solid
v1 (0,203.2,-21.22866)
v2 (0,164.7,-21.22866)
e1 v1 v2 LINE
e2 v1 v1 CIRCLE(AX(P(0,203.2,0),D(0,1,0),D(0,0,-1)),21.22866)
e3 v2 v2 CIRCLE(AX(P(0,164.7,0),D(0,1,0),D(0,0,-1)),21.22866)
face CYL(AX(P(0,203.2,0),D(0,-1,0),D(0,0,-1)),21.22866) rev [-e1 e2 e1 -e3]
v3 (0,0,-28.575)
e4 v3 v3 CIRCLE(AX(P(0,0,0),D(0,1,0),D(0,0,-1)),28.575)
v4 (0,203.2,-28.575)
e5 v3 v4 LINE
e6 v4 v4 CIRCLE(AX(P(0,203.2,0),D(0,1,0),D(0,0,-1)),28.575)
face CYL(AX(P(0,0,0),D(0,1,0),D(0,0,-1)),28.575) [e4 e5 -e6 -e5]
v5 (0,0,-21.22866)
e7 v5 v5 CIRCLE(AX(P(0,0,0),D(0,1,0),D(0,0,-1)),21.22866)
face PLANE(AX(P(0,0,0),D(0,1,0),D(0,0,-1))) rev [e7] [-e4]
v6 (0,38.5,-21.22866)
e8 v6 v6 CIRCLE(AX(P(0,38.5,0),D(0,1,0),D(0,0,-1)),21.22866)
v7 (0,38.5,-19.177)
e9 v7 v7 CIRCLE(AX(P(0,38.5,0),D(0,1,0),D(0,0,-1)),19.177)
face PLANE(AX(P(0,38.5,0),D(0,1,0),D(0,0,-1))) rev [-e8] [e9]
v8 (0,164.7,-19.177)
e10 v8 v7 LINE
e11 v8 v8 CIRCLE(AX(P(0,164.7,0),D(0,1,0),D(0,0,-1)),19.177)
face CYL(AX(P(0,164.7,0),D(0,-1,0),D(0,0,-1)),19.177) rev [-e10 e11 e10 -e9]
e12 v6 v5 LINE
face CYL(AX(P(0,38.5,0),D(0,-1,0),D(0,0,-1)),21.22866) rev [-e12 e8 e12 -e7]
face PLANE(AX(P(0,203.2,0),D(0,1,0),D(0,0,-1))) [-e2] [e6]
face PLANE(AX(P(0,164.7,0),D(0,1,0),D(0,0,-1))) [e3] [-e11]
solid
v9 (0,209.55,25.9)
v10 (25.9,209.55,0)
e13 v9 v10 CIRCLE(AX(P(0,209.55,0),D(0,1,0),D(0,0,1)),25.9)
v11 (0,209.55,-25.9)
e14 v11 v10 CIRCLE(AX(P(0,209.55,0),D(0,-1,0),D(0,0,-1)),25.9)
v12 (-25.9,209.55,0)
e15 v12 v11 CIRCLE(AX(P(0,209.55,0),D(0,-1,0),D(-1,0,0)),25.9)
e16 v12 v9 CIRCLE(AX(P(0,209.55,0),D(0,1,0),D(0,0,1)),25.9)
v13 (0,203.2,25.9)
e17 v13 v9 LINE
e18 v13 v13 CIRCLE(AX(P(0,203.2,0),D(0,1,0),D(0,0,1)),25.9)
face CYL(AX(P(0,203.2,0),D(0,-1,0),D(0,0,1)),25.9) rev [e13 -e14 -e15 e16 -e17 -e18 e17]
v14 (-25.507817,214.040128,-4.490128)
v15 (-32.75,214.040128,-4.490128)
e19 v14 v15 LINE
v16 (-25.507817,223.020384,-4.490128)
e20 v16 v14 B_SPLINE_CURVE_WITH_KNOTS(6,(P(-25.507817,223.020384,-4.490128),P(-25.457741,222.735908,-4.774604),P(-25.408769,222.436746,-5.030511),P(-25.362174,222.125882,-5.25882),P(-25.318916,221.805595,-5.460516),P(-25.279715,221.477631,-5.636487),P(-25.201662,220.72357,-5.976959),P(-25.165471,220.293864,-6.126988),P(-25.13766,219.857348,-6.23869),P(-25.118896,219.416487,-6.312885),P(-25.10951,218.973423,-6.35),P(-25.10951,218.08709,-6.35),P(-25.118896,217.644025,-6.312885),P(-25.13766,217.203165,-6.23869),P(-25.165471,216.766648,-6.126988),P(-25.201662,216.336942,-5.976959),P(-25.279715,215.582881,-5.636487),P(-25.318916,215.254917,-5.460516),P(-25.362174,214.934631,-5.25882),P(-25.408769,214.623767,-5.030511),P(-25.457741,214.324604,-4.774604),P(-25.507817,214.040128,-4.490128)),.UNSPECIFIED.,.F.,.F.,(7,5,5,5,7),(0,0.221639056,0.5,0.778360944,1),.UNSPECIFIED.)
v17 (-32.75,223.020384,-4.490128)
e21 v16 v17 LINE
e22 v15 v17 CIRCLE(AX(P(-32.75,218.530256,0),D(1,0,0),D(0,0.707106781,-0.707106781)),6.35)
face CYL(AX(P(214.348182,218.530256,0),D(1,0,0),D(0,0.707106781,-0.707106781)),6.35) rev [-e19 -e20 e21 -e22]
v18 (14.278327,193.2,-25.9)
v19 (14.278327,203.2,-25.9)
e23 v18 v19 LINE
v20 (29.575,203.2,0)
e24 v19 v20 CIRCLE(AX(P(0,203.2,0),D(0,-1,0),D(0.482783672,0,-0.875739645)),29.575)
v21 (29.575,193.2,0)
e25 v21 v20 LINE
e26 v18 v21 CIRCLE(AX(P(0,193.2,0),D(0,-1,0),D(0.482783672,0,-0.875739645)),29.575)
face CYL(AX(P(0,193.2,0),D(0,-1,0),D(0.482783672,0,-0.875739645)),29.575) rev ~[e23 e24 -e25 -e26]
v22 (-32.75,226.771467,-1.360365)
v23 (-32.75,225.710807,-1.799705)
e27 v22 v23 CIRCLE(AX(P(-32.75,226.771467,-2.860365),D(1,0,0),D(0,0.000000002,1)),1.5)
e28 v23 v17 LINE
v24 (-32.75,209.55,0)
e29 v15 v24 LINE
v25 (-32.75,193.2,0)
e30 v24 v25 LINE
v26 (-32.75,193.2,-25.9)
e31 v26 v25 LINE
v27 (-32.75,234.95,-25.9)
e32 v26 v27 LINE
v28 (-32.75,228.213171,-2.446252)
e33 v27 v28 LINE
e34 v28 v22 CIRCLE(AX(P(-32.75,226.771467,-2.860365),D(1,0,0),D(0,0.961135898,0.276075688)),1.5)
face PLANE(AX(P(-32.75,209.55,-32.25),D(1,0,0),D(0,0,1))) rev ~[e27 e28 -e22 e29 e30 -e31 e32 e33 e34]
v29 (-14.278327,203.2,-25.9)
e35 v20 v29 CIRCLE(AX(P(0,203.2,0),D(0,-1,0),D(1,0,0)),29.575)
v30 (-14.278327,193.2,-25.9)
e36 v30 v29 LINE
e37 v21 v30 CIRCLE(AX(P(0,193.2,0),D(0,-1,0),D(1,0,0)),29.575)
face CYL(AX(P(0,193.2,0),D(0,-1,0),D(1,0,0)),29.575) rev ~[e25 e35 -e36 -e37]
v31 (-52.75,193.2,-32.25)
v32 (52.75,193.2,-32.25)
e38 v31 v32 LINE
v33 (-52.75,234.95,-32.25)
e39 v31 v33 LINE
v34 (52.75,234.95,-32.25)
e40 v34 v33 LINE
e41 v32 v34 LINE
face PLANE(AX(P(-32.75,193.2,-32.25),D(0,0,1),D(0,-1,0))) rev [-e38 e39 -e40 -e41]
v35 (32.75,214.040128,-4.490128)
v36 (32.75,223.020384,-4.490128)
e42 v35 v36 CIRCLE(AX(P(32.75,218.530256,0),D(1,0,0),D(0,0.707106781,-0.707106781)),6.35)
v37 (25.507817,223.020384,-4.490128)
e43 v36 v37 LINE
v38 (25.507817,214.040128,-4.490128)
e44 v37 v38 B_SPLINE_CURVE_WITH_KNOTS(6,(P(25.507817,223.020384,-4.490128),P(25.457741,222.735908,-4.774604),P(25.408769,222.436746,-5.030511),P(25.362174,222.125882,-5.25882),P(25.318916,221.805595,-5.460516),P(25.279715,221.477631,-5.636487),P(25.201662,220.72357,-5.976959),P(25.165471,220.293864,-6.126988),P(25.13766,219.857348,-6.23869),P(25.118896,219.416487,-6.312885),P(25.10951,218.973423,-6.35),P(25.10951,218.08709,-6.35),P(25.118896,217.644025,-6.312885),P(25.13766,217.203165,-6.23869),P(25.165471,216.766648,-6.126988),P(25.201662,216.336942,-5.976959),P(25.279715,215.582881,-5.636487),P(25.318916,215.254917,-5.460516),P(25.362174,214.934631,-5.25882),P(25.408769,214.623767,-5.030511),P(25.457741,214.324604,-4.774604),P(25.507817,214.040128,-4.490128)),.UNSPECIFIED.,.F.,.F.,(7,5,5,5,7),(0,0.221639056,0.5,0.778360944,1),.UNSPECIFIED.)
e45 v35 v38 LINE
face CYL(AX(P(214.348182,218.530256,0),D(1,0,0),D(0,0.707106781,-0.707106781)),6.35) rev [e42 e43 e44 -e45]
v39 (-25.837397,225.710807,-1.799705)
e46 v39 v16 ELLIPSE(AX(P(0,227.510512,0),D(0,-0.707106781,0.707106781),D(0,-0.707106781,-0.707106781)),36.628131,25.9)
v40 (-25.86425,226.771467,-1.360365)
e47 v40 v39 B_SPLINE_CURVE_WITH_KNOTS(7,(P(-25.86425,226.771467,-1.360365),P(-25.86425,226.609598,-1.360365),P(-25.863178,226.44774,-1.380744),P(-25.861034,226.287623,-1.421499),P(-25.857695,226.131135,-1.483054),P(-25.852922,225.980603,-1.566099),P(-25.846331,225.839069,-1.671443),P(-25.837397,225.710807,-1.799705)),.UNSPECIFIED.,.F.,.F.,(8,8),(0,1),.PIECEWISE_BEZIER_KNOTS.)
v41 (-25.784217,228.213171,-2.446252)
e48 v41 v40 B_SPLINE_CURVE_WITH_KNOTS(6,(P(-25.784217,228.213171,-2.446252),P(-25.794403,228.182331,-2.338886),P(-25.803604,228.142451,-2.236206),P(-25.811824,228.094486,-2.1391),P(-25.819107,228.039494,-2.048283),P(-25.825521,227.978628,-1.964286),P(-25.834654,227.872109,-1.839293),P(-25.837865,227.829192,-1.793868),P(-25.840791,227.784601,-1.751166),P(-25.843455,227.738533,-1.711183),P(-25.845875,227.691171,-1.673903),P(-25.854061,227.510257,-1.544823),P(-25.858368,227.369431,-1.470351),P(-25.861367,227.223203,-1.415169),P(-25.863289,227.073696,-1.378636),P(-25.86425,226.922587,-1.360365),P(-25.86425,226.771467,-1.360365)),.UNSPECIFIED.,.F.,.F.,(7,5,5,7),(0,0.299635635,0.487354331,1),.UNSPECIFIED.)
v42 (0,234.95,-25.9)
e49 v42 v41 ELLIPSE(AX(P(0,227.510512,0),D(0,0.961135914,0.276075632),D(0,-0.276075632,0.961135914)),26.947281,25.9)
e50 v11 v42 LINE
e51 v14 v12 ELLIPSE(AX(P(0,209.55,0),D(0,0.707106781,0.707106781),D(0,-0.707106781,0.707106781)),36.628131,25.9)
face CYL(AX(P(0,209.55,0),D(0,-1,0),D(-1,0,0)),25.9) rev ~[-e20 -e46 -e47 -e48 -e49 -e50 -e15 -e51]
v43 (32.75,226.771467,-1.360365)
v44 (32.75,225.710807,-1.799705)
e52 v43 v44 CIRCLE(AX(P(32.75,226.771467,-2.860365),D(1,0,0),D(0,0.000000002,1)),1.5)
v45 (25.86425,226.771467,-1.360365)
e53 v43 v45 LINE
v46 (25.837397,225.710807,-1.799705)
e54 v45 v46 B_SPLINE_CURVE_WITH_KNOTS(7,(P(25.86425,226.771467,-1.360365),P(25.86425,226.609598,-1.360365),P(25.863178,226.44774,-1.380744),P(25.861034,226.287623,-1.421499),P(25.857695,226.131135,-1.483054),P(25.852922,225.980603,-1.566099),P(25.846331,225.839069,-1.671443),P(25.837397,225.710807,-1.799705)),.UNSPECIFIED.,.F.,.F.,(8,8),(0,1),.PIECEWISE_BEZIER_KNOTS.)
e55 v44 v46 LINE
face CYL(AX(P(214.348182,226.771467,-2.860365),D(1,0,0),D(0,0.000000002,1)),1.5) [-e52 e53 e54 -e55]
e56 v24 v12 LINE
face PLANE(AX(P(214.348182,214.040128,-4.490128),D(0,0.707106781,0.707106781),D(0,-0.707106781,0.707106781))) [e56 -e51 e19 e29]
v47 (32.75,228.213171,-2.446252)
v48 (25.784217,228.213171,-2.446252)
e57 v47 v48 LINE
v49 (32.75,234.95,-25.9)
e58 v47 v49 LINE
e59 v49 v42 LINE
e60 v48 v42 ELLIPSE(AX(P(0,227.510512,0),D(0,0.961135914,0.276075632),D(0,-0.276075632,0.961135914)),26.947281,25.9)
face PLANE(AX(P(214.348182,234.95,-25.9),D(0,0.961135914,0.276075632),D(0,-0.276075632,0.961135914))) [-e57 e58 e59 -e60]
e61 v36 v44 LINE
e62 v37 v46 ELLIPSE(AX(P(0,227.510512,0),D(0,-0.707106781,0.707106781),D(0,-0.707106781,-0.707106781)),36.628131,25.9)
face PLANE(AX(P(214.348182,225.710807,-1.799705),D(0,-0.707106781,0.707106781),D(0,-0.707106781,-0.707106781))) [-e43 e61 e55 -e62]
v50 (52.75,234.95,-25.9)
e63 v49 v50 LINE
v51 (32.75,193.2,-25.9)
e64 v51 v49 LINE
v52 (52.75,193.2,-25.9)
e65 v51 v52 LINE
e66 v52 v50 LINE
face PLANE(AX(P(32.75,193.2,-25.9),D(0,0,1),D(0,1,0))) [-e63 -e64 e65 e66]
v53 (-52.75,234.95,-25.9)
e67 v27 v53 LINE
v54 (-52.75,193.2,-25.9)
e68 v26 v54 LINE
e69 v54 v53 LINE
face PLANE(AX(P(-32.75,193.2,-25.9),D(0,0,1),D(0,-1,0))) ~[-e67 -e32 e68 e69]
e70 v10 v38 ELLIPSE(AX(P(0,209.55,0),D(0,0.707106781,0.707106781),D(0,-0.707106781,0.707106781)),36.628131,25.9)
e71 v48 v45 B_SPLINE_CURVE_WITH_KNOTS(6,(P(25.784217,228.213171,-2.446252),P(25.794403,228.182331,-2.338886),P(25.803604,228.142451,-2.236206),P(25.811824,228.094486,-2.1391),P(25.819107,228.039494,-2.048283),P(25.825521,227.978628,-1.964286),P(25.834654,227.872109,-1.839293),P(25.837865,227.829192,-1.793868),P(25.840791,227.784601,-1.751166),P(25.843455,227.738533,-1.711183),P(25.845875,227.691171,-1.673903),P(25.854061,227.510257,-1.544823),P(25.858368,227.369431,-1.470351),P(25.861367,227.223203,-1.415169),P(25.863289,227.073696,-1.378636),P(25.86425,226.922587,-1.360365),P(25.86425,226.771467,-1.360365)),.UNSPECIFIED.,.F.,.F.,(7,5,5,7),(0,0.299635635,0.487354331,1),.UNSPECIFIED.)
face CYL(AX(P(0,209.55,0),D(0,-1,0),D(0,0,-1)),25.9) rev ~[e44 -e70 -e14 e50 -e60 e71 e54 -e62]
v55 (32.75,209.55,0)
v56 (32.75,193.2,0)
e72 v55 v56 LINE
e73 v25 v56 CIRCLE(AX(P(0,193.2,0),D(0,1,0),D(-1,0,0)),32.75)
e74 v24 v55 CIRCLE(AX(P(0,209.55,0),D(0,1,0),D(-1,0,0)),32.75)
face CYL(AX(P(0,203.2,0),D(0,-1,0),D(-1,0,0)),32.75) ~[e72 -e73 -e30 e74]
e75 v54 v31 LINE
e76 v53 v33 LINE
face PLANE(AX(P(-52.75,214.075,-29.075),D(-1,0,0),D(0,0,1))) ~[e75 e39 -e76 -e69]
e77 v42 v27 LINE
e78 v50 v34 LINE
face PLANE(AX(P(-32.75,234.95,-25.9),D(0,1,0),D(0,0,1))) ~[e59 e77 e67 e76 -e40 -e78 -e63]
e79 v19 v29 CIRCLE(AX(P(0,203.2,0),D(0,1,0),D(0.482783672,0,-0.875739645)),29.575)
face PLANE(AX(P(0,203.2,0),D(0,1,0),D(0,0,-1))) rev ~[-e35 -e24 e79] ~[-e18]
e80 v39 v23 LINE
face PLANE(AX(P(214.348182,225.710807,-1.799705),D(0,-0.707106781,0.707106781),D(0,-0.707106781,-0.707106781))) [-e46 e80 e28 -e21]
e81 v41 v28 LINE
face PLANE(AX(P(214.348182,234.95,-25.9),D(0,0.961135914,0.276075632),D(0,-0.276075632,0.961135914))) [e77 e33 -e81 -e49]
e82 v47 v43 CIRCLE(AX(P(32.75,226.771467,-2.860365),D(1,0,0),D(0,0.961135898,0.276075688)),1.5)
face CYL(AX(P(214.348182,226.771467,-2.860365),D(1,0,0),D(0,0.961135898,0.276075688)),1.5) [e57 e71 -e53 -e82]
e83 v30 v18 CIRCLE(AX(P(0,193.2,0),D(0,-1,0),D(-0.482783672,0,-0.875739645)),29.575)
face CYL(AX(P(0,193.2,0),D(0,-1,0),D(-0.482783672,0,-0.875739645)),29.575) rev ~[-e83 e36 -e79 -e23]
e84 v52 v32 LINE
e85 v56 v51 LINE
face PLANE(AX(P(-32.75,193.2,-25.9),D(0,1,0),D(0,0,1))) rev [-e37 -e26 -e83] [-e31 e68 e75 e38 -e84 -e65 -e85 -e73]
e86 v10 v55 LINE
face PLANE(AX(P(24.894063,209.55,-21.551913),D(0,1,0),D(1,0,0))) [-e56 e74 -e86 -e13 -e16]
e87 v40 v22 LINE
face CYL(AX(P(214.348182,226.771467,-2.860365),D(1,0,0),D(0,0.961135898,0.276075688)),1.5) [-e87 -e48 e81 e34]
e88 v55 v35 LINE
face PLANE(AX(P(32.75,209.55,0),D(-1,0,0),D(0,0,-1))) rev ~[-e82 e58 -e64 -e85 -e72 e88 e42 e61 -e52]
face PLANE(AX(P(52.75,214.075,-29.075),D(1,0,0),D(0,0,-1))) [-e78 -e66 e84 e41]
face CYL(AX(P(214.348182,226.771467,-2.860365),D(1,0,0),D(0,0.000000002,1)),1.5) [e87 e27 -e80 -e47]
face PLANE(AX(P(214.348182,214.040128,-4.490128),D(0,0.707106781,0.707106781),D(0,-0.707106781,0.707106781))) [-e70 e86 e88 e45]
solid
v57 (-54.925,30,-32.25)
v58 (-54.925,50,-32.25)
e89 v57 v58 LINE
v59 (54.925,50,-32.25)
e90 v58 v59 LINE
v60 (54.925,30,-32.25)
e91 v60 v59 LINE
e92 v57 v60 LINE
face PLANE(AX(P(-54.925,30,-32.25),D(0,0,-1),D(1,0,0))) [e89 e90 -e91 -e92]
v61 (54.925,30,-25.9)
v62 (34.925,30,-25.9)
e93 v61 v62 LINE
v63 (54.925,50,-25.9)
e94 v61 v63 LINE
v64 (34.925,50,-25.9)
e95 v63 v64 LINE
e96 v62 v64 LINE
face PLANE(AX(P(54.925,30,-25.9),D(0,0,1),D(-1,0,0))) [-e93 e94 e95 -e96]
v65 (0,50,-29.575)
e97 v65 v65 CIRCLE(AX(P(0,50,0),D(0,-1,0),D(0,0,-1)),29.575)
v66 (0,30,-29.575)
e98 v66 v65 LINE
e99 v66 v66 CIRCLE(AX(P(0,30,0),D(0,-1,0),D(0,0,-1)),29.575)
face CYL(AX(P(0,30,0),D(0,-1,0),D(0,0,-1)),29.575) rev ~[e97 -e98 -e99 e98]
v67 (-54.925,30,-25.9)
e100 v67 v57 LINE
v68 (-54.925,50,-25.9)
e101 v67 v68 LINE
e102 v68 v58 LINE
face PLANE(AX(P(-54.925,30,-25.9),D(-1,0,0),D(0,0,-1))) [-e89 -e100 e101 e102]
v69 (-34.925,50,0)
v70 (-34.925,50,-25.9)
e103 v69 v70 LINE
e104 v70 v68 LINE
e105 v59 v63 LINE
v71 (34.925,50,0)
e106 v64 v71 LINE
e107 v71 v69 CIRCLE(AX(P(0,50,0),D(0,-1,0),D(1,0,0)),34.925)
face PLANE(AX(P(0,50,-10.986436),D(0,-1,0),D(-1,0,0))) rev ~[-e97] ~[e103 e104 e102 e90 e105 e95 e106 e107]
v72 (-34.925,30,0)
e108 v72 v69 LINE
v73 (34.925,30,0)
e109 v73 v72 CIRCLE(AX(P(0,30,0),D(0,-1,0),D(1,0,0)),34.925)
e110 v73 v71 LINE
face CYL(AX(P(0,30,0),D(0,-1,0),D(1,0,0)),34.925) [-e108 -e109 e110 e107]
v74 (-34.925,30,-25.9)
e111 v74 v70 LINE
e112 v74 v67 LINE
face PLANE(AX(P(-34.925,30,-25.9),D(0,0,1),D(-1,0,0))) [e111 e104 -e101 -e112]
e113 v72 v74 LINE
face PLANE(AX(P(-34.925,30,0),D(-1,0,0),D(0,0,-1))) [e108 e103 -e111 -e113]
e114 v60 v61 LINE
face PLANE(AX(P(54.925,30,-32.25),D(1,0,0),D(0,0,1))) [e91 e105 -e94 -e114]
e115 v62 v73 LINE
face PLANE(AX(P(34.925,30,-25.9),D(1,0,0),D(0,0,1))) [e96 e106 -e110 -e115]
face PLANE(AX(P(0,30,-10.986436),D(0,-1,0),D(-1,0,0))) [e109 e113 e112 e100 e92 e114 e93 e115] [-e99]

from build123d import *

# Parameters (mm, degrees)
BOSS_EXTRUDE1_DEPTH     = 10
SKETCH16_R              = 29.575
SKETCH16_R_2            = 25.9
BOSS_EXTRUDE2_DEPTH     = 6.35
BOSS_EXTRUDE3_DEPTH     = 25.4
CUT_EXTRUDE1_DEPTH      = 247.098181627
CUT_EXTRUDE1_DEPTH_BACK = 247.098181627
SKETCH19_W              = 6.35
SKETCH19_H              = 41.75
BOSS_EXTRUDE5_DEPTH     = 20
SKETCH20_R              = 29.575
BOSS_EXTRUDE6_DEPTH     = 20


with BuildPart() as part:
    # Sketch12 → Revolve1 (revolve)
    with BuildSketch(Plane.XY, mode=Mode.PRIVATE) as revolve1_sk:
        Polygon((-28.575, 0), (-28.575, 203.2), (-21.22866, 203.2), (-21.22866, 164.7), (-19.177, 164.7), (-19.177, 38.5), (-21.22866, 38.5), (-21.22866, 0), align=None)
    revolve(revolve1_sk.sketch.rotate(Axis((0, 0, 0), (0, 1, 0)), 270), axis=Axis((0, 0, 0), (0, 1, 0)))


with BuildPart() as body_2:
    # Sketch15 → Boss-Extrude1 (new body)
    with BuildSketch(Plane(origin=(0, 193.2, 0), x_dir=(1, 0, 0), z_dir=(0, 1, 0))):
        with BuildLine():
            Line((-32.75, 32.25), (-32.75, 25.9))
            Line((-32.75, 25.9), (-20.043764616, 25.9))
            ThreePointArc((-20.043764616, 25.9), (-13.258102036, 29.946372575), (-5.700877125, 32.25))
            Line((-5.700877125, 32.25), (-32.75, 32.25))
        make_face()
        with BuildLine():
            Line((-32.75, 25.9), (-32.75, 0))
            ThreePointArc((-32.75, 0), (-29.40234507, 14.424444683), (-20.043764616, 25.9))
            Line((-20.043764616, 25.9), (-32.75, 25.9))
        make_face()
        with BuildLine():
            Line((20.043764616, 25.9), (32.75, 25.9))
            Line((32.75, 25.9), (32.75, 32.25))
            Line((32.75, 32.25), (5.700877125, 32.25))
            ThreePointArc((5.700877125, 32.25), (13.258102036, 29.946372575), (20.043764616, 25.9))
        make_face()
        with BuildLine():
            ThreePointArc((20.043764616, 25.9), (29.40234507, 14.424444683), (32.75, 0))
            Line((32.75, 0), (32.75, 25.9))
            Line((32.75, 25.9), (20.043764616, 25.9))
        make_face()
        with BuildLine():
            ThreePointArc((-32.75, 0), (0, -32.75), (32.75, 0))
            ThreePointArc((32.75, 0), (29.40234507, 14.424444683), (20.043764616, 25.9))
            Line((20.043764616, 25.9), (14.278327108, 25.9))
            ThreePointArc((14.278327108, 25.9), (25.465291567, 15.039931861), (29.575, 0))
            ThreePointArc((29.575, 0), (-15.039931861, -25.465291567), (-14.278327108, 25.9))
            Line((-14.278327108, 25.9), (-20.043764616, 25.9))
            ThreePointArc((-20.043764616, 25.9), (-29.40234507, 14.424444683), (-32.75, 0))
        make_face()
        with BuildLine():
            Line((14.278327108, 25.9), (20.043764616, 25.9))
            ThreePointArc((20.043764616, 25.9), (13.258102036, 29.946372575), (5.700877125, 32.25))
            Line((5.700877125, 32.25), (-5.700877125, 32.25))
            ThreePointArc((-5.700877125, 32.25), (-13.258102036, 29.946372575), (-20.043764616, 25.9))
            Line((-20.043764616, 25.9), (-14.278327108, 25.9))
            ThreePointArc((-14.278327108, 25.9), (0, 29.575), (14.278327108, 25.9))
        make_face()
    extrude(amount=BOSS_EXTRUDE1_DEPTH)

    # Sketch16 → Boss-Extrude2 (add)
    # profile 1 of 4: a face of its own
    with BuildSketch(Plane(origin=(0, 203.2, 0), x_dir=(1, 0, 0), z_dir=(0, 1, 0))):
        with BuildLine():
            ThreePointArc((5.700877125, 32.25), (25.092491166, 21.045887652), (32.75, 0))
            Line((32.75, 0), (32.75, 32.25))
            Line((32.75, 32.25), (5.700877125, 32.25))
        make_face()
    # profile 2 of 4: a face of its own
    with BuildSketch(Plane(origin=(0, 203.2, 0), x_dir=(1, 0, 0), z_dir=(0, 1, 0))):
        with BuildLine():
            Line((-32.75, 32.25), (-32.75, 0))
            ThreePointArc((-32.75, 0), (-25.092491166, 21.045887652), (-5.700877125, 32.25))
            Line((-5.700877125, 32.25), (-32.75, 32.25))
        make_face()
    # profile 3 of 4: a face of its own
    with BuildSketch(Plane(origin=(0, 203.2, 0), x_dir=(1, 0, 0), z_dir=(0, 1, 0))):
        with BuildLine():
            ThreePointArc((-32.75, 0), (0, -32.75), (32.75, 0))
            ThreePointArc((32.75, 0), (25.092491166, 21.045887652), (5.700877125, 32.25))
            Line((5.700877125, 32.25), (-5.700877125, 32.25))
            ThreePointArc((-5.700877125, 32.25), (-25.092491166, 21.045887652), (-32.75, 0))
        make_face()
        with Locations(Location((0, 0, 0), (0, 0, 90))):
            Circle(SKETCH16_R, mode=Mode.SUBTRACT)
    # profile 4 of 4: a face of its own
    with BuildSketch(Plane(origin=(0, 203.2, 0), x_dir=(1, 0, 0), z_dir=(0, 1, 0))):
        with Locations(Location((0, 0, 0), (0, 0, 90))):
            Circle(SKETCH16_R)
        with Locations(Location((0, 0, 0), (0, 0, 270))):
            Circle(SKETCH16_R_2, mode=Mode.SUBTRACT)
    extrude(amount=BOSS_EXTRUDE2_DEPTH)

    # Sketch17 → Boss-Extrude3 (add)
    with BuildSketch(Plane(origin=(0, 209.55, 0), x_dir=(1, 0, 0), z_dir=(0, 1, 0))):
        Polygon((0, 25.9), (32.75, 25.9), (32.75, 32.25), (-32.75, 32.25), (-32.75, 25.9), align=None)
        with BuildLine():
            Line((32.75, 0), (32.75, 25.9))
            Line((32.75, 25.9), (0, 25.9))
            ThreePointArc((0, 25.9), (18.314065633, 18.314065633), (25.9, 0))
            Line((25.9, 0), (32.75, 0))
        make_face()
        with BuildLine():
            ThreePointArc((-25.9, 0), (-18.314065633, 18.314065633), (0, 25.9))
            Line((0, 25.9), (-32.75, 25.9))
            Line((-32.75, 25.9), (-32.75, 0))
            Line((-32.75, 0), (-25.9, 0))
        make_face()
    extrude(amount=BOSS_EXTRUDE3_DEPTH)

    # Sketch18 → Cut-Extrude1 (cut, two sides: drawn at the far end of the back side and taken through both)
    with BuildSketch(Plane.ZY.offset(32.75).offset(-CUT_EXTRUDE1_DEPTH_BACK)):
        with BuildLine():
            Line((0, 224.880256121), (0, 227.510512242))
            Line((0, 227.510512242), (-1.799705242, 225.710807))
            Line((-1.799705242, 225.710807), (-4.490128061, 223.020384182))
            ThreePointArc((-4.490128061, 223.020384182), (-2.430039796, 224.396891152), (0, 224.880256121))
        make_face()
        with BuildLine():
            Line((0, 227.510512242), (-2.446251923, 228.213170977))
            ThreePointArc((-2.446251923, 228.213170977), (-1.662206389, 227.673916492), (-1.360365456, 226.77146713))
            ThreePointArc((-1.360365456, 226.77146713), (-1.474546145, 226.197442009), (-1.799705242, 225.710807))
            Line((-1.799705242, 225.710807), (0, 227.510512242))
        make_face()
        with BuildLine():
            ThreePointArc((6.35, 218.530256121), (4.490128061, 223.020384182), (0, 224.880256121))
            Line((0, 224.880256121), (0, 212.180256121))
            ThreePointArc((0, 212.180256121), (4.490128061, 214.04012806), (6.35, 218.530256121))
        make_face()
        with BuildLine():
            Line((0, 212.180256121), (0, 224.880256121))
            ThreePointArc((0, 224.880256121), (-2.430039796, 224.396891152), (-4.490128061, 223.020384182))
            ThreePointArc((-4.490128061, 223.020384182), (-6.35, 218.530256121), (-4.490128061, 214.04012806))
            ThreePointArc((-4.490128061, 214.04012806), (-2.430039796, 212.66362109), (0, 212.180256121))
        make_face()
        with BuildLine():
            Line((0, 209.55), (0, 212.180256121))
            ThreePointArc((0, 212.180256121), (-2.430039796, 212.66362109), (-4.490128061, 214.04012806))
            Line((-4.490128061, 214.04012806), (0, 209.55))
        make_face()
        Polygon((0, 234.95), (-25.9, 234.95), (-2.446251923, 228.213170977), (0, 227.510512242), align=None)
    extrude(amount=CUT_EXTRUDE1_DEPTH + CUT_EXTRUDE1_DEPTH_BACK, mode=Mode.SUBTRACT)

    # Sketch19 → Boss-Extrude5 (add)
    with BuildSketch(Plane(origin=(32.75, 0, 0), x_dir=(0, 0, -1), z_dir=(1, 0, 0))):
        with Locations((29.075, 214.075)):
            Rectangle(SKETCH19_W, SKETCH19_H)
    boss_extrude5 = extrude(amount=BOSS_EXTRUDE5_DEPTH)

    # Mirror1: Boss-Extrude5 across plane
    add(boss_extrude5.mirror(Plane(origin=(0, 0, 0), x_dir=(0, 0, 1), z_dir=(1, 0, 0))))


with BuildPart() as body_3:
    # Sketch20 → Boss-Extrude6 (new body)
    with BuildSketch(Plane(origin=(0, 30, 0), x_dir=(-1, 0, 0), z_dir=(0, -1, 0))):
        with BuildLine():
            ThreePointArc((-34.925, 0), (0, -34.925), (34.925, 0))
            Line((34.925, 0), (34.925, 25.9))
            Line((34.925, 25.9), (54.925, 25.9))
            Line((54.925, 25.9), (54.925, 32.25))
            Line((54.925, 32.25), (-54.925, 32.25))
            Line((-54.925, 32.25), (-54.925, 25.9))
            Line((-54.925, 25.9), (-34.925, 25.9))
            Line((-34.925, 25.9), (-34.925, 0))
        make_face()
        with Locations(Location((0, 0, 0), (0, 0, 90))):
            Circle(SKETCH20_R, mode=Mode.SUBTRACT)
    extrude(amount=-BOSS_EXTRUDE6_DEPTH)


solid = Compound([part.part, body_2.part, body_3.part])
